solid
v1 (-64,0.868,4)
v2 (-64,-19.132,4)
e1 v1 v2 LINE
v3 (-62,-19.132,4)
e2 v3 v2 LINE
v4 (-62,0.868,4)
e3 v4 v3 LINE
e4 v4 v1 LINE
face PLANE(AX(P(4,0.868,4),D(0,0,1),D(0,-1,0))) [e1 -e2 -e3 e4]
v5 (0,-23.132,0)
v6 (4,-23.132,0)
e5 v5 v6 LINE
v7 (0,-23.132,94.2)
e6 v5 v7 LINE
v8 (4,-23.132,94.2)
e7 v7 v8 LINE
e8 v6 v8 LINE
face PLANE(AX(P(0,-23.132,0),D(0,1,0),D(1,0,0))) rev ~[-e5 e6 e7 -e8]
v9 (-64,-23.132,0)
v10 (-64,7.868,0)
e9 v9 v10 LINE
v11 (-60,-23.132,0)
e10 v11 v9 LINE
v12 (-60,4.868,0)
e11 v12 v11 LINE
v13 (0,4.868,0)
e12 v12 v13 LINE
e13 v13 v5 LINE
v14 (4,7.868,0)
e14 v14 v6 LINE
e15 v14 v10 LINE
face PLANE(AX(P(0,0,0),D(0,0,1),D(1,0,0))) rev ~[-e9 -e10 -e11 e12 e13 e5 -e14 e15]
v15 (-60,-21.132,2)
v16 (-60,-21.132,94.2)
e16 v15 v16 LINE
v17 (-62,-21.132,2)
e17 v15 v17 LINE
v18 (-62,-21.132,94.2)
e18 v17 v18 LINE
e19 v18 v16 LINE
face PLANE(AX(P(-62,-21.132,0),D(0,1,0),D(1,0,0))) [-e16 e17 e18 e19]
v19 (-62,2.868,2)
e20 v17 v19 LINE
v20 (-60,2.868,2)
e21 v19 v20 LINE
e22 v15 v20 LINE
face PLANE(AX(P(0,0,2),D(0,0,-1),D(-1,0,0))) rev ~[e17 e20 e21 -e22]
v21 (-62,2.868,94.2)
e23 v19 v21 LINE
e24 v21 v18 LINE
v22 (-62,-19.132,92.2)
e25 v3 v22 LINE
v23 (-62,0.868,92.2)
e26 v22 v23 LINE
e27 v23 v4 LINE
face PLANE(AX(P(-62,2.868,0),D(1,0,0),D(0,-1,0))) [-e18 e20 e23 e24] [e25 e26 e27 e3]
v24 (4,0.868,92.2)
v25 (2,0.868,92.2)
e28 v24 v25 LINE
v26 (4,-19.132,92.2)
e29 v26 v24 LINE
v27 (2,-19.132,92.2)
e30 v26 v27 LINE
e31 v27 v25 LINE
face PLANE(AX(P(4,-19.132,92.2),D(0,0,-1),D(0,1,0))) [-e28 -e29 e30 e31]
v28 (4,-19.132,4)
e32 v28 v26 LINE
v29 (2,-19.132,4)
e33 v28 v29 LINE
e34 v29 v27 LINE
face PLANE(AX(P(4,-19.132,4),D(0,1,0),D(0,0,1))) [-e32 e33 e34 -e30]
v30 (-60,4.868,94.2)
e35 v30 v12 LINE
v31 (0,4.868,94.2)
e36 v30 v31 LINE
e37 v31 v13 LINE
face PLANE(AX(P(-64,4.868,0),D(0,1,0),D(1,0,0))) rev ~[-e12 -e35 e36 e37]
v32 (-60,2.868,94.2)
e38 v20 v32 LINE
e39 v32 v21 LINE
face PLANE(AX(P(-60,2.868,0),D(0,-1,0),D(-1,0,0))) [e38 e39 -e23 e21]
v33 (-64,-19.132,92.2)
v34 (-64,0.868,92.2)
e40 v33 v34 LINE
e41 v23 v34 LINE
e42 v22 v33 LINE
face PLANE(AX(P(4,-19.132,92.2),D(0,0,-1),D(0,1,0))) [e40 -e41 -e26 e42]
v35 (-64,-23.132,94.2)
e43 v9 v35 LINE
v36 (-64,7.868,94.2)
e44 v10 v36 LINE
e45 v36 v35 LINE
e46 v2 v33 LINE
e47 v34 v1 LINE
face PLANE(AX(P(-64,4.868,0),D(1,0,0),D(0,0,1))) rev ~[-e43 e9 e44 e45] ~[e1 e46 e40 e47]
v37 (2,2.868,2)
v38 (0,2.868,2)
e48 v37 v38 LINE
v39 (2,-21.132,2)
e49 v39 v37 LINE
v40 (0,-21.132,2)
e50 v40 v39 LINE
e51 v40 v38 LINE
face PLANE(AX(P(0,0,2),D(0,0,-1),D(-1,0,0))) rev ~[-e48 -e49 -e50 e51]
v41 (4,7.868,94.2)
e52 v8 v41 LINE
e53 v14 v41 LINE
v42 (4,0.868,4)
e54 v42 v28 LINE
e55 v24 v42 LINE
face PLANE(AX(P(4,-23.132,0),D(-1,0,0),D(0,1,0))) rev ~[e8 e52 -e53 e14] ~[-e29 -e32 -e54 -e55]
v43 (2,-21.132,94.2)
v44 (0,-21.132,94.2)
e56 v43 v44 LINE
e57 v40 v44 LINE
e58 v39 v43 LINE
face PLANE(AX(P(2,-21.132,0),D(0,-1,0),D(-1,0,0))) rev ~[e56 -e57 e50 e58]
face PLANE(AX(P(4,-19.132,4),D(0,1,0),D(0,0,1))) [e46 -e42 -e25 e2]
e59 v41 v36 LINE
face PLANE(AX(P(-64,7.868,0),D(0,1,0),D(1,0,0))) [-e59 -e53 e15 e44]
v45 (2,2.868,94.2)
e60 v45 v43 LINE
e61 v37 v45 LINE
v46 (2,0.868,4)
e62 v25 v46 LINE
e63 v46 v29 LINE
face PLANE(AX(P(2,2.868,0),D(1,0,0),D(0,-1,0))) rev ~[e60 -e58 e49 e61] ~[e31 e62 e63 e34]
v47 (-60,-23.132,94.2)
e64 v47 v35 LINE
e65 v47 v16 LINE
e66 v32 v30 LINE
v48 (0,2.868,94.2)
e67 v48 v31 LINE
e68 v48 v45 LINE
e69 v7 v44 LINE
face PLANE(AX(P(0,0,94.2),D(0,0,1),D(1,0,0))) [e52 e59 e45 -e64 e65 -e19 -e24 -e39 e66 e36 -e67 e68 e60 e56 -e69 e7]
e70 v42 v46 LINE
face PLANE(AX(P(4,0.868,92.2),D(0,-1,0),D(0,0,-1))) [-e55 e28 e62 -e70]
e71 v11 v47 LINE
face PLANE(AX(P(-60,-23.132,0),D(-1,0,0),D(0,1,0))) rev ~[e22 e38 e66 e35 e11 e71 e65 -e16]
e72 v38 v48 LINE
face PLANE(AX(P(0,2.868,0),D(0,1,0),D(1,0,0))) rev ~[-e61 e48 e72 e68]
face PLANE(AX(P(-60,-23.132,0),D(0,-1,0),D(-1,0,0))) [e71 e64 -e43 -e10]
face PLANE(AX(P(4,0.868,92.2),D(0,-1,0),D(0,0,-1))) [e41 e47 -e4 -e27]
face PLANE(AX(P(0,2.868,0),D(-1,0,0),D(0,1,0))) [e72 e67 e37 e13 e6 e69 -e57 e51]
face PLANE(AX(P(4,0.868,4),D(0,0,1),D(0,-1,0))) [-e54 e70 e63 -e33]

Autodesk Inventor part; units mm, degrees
sketch "Sketch1" plane through (0, 0, 0) normal (0, 0, 1) x (1, 0, 0)
  line L0 (0, 2.868) -> (2, 2.868)
  line L1 (2, 2.868) -> (2, -21.132)
  line L2 (2, -21.132) -> (0, -21.132)
  line L3 (0, -21.132) -> (0, 2.868)
  line L4 (4, -23.132) -> (4, 4.868)
  line L5 (4, 4.868) -> (0, 4.868)
  line L6 (0, -23.132) -> (4, -23.132)
  line L7 (0, 2.868) -> (0, 4.868)
  line L8 (0, -23.132) -> (0, -21.132)
  line L9 (-30, 5.364) -> (-30, -29.5729)
  line L10 (-60, 2.868) -> (-62, 2.868)
  line L11 (-62, 2.868) -> (-62, -21.132)
  line L12 (-62, -21.132) -> (-60, -21.132)
  line L13 (-60, -21.132) -> (-60, 2.868)
  line L14 (-64, -23.132) -> (-64, 4.868)
  line L15 (-64, 4.868) -> (-60, 4.868)
  line L16 (-60, -23.132) -> (-64, -23.132)
  line L17 (-60, 2.868) -> (-60, 4.868)
  line L18 (-60, -23.132) -> (-60, -21.132)
  point P0 (0, 0)
  point P1 (-60, 0)
  dimension "d0" = 2
  dimension "d1" = 24
  dimension "d2" = 2
  dimension "d3" = 32
extrude "Extrusion1" add sketch "Sketch1" along normal blind 94.2 contours L7 L5 L4 L6 L8 L2 L1 L0 | L10 L11 L12 L18 L16 L14 L15 L17
sketch "Sketch3" plane through (-64, 4.868, 0) normal (0, 1, 0) x (1, 0, 0)
  line L0 (4, 0) -> (0, 0) projected
  line L1 (0, 0) -> (0, -94.2) projected
  line L2 (4, -94.2) -> (0, -94.2) projected
  line L3 (4, 0) -> (4, -94.2) projected
  line L4 (68, 0) -> (64, 0) projected
  line L5 (64, 0) -> (64, -94.2) projected
  line L6 (68, -94.2) -> (64, -94.2) projected
  line L7 (68, 0) -> (68, -94.2) projected
  line L8 (0, 0) -> (68, 0)
  line L9 (68, 0) -> (68, -94.2)
  line L10 (68, -94.2) -> (0, -94.2)
  line L11 (0, -94.2) -> (0, 0)
extrude "Extrusion2" add sketch "Sketch3" along normal blind 3
sketch "Sketch4" plane through (0, 0, 0) normal (0, 0, -1) x (-1, 0, 0)
  line L0 (0, 2.868) -> (-2, 2.868) projected
  line L1 (0, 4.868) -> (0, 2.868) projected
  line L2 (0, 4.868) -> (60, 4.868) projected
  line L3 (60, 2.868) -> (60, 4.868) projected
  line L4 (62, 2.868) -> (60, 2.868) projected
  line L5 (62, -21.132) -> (62, 2.868) projected
  line L6 (60, -21.132) -> (62, -21.132) projected
  line L7 (60, -23.132) -> (60, -21.132) projected
  line L8 (64, -23.132) -> (60, -23.132) projected
  line L9 (64, -23.132) -> (64, 7.868) projected
  line L10 (-4, 7.868) -> (64, 7.868) projected
  line L11 (-4, -23.132) -> (-4, 7.868) projected
  line L12 (0, -23.132) -> (-4, -23.132) projected
  line L13 (0, -21.132) -> (0, -23.132) projected
  line L14 (-2, -21.132) -> (0, -21.132) projected
  line L15 (-2, 2.868) -> (-2, -21.132) projected
  line L16 (-4, 7.868) -> (64, 7.868)
  line L17 (64, 7.868) -> (64, -23.132)
  line L18 (64, -23.132) -> (-4, -23.132)
  line L19 (-4, -23.132) -> (-4, 7.868)
  line L20 (0, -23.132) -> (0, 4.868)
  line L21 (0, 4.868) -> (60, 4.868)
  line L22 (60, -23.132) -> (60, 4.868)
  line L23 (60, -23.132) -> (60, -21.132) projected
  point P0 (0, 0)
extrude "Extrusion3" add sketch "Sketch4" against normal blind 2 contours L20 L14 L15 L0 | L0 L15 L14 L13 L12 L11 L10 L9 L8 L7 L6 L5 L4 L3 L2 L1 | L4 L5 L6 L22
sketch "Sketch7" plane through (4, -23.132, 94.2) normal (1, 0, 0) x (0, 0, -1)
  line L0 (2, 24) -> (90.2, 24)
  line L1 (90.2, 24) -> (90.2, 4)
  line L2 (90.2, 4) -> (2, 4)
  line L3 (2, 4) -> (2, 24)
  line L4 (92.2, 26) -> (92.2, 2) projected
  line L5 (92.2, 26) -> (0, 26) projected
  line L6 (0, 0) -> (0, 31) projected
  line L7 (92.2, 2) -> (0, 2) projected
  point P0 (94.2, 23.132)
  dimension "d12" = 2
  dimension "d13" = 2
  dimension "d14" = 2
  dimension "d15" = 2
extrude "Extrusion4" cut sketch "Sketch7" against normal up to surface (68 mm away) contours L0 L1 L2 L3
sketch "Sketch9" plane through (-64, -23.132, 0) normal (-1, 0, 0) x (0, 0, 1)
  line L0 (4, 4) -> (4, 24) projected
  line L1 (4, 24) -> (92.2, 24) projected
  line L2 (92.2, 24) -> (92.2, 4) projected
  line L3 (92.2, 4) -> (4, 4) projected
  line L4 (0, 0) -> (94.2, 0) projected
  line L5 (94.2, 0) -> (94.2, 31) projected
  line L6 (0, 31) -> (94.2, 31) projected
  line L7 (0, 0) -> (0, 31) projected
  point P0 (0, 23.132)
ref_plane "Work Plane1" through (-64, 2.868, 4) normal (1, 0, 0) x (0, 1, 0)
sketch "Sketch10" plane through (-64, 7.868, 0) normal (0, 1, 0) x (1, 0, 0)
  line L0 (0, 0) -> (0, -94.2)
  line L1 (68, 0) -> (0, 0) projected
  line L2 (0, -94.2) -> (68, -94.2) projected
  line L3 (0, 0) -> (0, -94.2) projected
  line L4 (0, -32.1) -> (0, 0)
  line L5 (0, 0) -> (0, -94.2) projected
  line L6 (0, -94.2) -> (68, -94.2) projected
  line L7 (68, -94.2) -> (68, 0) projected
  line L8 (68, 0) -> (0, 0) projected
  point P0 (64, 0)
  dimension "d36" = 0
sketch "Sketch11" plane through (-64, 7.868, 0) normal (0, 1, 0) x (1, 0, 0)
  line L0 (68, 0) -> (68, -94.2)
  point P0 (64, 0)
properties part number "kontroller2"
